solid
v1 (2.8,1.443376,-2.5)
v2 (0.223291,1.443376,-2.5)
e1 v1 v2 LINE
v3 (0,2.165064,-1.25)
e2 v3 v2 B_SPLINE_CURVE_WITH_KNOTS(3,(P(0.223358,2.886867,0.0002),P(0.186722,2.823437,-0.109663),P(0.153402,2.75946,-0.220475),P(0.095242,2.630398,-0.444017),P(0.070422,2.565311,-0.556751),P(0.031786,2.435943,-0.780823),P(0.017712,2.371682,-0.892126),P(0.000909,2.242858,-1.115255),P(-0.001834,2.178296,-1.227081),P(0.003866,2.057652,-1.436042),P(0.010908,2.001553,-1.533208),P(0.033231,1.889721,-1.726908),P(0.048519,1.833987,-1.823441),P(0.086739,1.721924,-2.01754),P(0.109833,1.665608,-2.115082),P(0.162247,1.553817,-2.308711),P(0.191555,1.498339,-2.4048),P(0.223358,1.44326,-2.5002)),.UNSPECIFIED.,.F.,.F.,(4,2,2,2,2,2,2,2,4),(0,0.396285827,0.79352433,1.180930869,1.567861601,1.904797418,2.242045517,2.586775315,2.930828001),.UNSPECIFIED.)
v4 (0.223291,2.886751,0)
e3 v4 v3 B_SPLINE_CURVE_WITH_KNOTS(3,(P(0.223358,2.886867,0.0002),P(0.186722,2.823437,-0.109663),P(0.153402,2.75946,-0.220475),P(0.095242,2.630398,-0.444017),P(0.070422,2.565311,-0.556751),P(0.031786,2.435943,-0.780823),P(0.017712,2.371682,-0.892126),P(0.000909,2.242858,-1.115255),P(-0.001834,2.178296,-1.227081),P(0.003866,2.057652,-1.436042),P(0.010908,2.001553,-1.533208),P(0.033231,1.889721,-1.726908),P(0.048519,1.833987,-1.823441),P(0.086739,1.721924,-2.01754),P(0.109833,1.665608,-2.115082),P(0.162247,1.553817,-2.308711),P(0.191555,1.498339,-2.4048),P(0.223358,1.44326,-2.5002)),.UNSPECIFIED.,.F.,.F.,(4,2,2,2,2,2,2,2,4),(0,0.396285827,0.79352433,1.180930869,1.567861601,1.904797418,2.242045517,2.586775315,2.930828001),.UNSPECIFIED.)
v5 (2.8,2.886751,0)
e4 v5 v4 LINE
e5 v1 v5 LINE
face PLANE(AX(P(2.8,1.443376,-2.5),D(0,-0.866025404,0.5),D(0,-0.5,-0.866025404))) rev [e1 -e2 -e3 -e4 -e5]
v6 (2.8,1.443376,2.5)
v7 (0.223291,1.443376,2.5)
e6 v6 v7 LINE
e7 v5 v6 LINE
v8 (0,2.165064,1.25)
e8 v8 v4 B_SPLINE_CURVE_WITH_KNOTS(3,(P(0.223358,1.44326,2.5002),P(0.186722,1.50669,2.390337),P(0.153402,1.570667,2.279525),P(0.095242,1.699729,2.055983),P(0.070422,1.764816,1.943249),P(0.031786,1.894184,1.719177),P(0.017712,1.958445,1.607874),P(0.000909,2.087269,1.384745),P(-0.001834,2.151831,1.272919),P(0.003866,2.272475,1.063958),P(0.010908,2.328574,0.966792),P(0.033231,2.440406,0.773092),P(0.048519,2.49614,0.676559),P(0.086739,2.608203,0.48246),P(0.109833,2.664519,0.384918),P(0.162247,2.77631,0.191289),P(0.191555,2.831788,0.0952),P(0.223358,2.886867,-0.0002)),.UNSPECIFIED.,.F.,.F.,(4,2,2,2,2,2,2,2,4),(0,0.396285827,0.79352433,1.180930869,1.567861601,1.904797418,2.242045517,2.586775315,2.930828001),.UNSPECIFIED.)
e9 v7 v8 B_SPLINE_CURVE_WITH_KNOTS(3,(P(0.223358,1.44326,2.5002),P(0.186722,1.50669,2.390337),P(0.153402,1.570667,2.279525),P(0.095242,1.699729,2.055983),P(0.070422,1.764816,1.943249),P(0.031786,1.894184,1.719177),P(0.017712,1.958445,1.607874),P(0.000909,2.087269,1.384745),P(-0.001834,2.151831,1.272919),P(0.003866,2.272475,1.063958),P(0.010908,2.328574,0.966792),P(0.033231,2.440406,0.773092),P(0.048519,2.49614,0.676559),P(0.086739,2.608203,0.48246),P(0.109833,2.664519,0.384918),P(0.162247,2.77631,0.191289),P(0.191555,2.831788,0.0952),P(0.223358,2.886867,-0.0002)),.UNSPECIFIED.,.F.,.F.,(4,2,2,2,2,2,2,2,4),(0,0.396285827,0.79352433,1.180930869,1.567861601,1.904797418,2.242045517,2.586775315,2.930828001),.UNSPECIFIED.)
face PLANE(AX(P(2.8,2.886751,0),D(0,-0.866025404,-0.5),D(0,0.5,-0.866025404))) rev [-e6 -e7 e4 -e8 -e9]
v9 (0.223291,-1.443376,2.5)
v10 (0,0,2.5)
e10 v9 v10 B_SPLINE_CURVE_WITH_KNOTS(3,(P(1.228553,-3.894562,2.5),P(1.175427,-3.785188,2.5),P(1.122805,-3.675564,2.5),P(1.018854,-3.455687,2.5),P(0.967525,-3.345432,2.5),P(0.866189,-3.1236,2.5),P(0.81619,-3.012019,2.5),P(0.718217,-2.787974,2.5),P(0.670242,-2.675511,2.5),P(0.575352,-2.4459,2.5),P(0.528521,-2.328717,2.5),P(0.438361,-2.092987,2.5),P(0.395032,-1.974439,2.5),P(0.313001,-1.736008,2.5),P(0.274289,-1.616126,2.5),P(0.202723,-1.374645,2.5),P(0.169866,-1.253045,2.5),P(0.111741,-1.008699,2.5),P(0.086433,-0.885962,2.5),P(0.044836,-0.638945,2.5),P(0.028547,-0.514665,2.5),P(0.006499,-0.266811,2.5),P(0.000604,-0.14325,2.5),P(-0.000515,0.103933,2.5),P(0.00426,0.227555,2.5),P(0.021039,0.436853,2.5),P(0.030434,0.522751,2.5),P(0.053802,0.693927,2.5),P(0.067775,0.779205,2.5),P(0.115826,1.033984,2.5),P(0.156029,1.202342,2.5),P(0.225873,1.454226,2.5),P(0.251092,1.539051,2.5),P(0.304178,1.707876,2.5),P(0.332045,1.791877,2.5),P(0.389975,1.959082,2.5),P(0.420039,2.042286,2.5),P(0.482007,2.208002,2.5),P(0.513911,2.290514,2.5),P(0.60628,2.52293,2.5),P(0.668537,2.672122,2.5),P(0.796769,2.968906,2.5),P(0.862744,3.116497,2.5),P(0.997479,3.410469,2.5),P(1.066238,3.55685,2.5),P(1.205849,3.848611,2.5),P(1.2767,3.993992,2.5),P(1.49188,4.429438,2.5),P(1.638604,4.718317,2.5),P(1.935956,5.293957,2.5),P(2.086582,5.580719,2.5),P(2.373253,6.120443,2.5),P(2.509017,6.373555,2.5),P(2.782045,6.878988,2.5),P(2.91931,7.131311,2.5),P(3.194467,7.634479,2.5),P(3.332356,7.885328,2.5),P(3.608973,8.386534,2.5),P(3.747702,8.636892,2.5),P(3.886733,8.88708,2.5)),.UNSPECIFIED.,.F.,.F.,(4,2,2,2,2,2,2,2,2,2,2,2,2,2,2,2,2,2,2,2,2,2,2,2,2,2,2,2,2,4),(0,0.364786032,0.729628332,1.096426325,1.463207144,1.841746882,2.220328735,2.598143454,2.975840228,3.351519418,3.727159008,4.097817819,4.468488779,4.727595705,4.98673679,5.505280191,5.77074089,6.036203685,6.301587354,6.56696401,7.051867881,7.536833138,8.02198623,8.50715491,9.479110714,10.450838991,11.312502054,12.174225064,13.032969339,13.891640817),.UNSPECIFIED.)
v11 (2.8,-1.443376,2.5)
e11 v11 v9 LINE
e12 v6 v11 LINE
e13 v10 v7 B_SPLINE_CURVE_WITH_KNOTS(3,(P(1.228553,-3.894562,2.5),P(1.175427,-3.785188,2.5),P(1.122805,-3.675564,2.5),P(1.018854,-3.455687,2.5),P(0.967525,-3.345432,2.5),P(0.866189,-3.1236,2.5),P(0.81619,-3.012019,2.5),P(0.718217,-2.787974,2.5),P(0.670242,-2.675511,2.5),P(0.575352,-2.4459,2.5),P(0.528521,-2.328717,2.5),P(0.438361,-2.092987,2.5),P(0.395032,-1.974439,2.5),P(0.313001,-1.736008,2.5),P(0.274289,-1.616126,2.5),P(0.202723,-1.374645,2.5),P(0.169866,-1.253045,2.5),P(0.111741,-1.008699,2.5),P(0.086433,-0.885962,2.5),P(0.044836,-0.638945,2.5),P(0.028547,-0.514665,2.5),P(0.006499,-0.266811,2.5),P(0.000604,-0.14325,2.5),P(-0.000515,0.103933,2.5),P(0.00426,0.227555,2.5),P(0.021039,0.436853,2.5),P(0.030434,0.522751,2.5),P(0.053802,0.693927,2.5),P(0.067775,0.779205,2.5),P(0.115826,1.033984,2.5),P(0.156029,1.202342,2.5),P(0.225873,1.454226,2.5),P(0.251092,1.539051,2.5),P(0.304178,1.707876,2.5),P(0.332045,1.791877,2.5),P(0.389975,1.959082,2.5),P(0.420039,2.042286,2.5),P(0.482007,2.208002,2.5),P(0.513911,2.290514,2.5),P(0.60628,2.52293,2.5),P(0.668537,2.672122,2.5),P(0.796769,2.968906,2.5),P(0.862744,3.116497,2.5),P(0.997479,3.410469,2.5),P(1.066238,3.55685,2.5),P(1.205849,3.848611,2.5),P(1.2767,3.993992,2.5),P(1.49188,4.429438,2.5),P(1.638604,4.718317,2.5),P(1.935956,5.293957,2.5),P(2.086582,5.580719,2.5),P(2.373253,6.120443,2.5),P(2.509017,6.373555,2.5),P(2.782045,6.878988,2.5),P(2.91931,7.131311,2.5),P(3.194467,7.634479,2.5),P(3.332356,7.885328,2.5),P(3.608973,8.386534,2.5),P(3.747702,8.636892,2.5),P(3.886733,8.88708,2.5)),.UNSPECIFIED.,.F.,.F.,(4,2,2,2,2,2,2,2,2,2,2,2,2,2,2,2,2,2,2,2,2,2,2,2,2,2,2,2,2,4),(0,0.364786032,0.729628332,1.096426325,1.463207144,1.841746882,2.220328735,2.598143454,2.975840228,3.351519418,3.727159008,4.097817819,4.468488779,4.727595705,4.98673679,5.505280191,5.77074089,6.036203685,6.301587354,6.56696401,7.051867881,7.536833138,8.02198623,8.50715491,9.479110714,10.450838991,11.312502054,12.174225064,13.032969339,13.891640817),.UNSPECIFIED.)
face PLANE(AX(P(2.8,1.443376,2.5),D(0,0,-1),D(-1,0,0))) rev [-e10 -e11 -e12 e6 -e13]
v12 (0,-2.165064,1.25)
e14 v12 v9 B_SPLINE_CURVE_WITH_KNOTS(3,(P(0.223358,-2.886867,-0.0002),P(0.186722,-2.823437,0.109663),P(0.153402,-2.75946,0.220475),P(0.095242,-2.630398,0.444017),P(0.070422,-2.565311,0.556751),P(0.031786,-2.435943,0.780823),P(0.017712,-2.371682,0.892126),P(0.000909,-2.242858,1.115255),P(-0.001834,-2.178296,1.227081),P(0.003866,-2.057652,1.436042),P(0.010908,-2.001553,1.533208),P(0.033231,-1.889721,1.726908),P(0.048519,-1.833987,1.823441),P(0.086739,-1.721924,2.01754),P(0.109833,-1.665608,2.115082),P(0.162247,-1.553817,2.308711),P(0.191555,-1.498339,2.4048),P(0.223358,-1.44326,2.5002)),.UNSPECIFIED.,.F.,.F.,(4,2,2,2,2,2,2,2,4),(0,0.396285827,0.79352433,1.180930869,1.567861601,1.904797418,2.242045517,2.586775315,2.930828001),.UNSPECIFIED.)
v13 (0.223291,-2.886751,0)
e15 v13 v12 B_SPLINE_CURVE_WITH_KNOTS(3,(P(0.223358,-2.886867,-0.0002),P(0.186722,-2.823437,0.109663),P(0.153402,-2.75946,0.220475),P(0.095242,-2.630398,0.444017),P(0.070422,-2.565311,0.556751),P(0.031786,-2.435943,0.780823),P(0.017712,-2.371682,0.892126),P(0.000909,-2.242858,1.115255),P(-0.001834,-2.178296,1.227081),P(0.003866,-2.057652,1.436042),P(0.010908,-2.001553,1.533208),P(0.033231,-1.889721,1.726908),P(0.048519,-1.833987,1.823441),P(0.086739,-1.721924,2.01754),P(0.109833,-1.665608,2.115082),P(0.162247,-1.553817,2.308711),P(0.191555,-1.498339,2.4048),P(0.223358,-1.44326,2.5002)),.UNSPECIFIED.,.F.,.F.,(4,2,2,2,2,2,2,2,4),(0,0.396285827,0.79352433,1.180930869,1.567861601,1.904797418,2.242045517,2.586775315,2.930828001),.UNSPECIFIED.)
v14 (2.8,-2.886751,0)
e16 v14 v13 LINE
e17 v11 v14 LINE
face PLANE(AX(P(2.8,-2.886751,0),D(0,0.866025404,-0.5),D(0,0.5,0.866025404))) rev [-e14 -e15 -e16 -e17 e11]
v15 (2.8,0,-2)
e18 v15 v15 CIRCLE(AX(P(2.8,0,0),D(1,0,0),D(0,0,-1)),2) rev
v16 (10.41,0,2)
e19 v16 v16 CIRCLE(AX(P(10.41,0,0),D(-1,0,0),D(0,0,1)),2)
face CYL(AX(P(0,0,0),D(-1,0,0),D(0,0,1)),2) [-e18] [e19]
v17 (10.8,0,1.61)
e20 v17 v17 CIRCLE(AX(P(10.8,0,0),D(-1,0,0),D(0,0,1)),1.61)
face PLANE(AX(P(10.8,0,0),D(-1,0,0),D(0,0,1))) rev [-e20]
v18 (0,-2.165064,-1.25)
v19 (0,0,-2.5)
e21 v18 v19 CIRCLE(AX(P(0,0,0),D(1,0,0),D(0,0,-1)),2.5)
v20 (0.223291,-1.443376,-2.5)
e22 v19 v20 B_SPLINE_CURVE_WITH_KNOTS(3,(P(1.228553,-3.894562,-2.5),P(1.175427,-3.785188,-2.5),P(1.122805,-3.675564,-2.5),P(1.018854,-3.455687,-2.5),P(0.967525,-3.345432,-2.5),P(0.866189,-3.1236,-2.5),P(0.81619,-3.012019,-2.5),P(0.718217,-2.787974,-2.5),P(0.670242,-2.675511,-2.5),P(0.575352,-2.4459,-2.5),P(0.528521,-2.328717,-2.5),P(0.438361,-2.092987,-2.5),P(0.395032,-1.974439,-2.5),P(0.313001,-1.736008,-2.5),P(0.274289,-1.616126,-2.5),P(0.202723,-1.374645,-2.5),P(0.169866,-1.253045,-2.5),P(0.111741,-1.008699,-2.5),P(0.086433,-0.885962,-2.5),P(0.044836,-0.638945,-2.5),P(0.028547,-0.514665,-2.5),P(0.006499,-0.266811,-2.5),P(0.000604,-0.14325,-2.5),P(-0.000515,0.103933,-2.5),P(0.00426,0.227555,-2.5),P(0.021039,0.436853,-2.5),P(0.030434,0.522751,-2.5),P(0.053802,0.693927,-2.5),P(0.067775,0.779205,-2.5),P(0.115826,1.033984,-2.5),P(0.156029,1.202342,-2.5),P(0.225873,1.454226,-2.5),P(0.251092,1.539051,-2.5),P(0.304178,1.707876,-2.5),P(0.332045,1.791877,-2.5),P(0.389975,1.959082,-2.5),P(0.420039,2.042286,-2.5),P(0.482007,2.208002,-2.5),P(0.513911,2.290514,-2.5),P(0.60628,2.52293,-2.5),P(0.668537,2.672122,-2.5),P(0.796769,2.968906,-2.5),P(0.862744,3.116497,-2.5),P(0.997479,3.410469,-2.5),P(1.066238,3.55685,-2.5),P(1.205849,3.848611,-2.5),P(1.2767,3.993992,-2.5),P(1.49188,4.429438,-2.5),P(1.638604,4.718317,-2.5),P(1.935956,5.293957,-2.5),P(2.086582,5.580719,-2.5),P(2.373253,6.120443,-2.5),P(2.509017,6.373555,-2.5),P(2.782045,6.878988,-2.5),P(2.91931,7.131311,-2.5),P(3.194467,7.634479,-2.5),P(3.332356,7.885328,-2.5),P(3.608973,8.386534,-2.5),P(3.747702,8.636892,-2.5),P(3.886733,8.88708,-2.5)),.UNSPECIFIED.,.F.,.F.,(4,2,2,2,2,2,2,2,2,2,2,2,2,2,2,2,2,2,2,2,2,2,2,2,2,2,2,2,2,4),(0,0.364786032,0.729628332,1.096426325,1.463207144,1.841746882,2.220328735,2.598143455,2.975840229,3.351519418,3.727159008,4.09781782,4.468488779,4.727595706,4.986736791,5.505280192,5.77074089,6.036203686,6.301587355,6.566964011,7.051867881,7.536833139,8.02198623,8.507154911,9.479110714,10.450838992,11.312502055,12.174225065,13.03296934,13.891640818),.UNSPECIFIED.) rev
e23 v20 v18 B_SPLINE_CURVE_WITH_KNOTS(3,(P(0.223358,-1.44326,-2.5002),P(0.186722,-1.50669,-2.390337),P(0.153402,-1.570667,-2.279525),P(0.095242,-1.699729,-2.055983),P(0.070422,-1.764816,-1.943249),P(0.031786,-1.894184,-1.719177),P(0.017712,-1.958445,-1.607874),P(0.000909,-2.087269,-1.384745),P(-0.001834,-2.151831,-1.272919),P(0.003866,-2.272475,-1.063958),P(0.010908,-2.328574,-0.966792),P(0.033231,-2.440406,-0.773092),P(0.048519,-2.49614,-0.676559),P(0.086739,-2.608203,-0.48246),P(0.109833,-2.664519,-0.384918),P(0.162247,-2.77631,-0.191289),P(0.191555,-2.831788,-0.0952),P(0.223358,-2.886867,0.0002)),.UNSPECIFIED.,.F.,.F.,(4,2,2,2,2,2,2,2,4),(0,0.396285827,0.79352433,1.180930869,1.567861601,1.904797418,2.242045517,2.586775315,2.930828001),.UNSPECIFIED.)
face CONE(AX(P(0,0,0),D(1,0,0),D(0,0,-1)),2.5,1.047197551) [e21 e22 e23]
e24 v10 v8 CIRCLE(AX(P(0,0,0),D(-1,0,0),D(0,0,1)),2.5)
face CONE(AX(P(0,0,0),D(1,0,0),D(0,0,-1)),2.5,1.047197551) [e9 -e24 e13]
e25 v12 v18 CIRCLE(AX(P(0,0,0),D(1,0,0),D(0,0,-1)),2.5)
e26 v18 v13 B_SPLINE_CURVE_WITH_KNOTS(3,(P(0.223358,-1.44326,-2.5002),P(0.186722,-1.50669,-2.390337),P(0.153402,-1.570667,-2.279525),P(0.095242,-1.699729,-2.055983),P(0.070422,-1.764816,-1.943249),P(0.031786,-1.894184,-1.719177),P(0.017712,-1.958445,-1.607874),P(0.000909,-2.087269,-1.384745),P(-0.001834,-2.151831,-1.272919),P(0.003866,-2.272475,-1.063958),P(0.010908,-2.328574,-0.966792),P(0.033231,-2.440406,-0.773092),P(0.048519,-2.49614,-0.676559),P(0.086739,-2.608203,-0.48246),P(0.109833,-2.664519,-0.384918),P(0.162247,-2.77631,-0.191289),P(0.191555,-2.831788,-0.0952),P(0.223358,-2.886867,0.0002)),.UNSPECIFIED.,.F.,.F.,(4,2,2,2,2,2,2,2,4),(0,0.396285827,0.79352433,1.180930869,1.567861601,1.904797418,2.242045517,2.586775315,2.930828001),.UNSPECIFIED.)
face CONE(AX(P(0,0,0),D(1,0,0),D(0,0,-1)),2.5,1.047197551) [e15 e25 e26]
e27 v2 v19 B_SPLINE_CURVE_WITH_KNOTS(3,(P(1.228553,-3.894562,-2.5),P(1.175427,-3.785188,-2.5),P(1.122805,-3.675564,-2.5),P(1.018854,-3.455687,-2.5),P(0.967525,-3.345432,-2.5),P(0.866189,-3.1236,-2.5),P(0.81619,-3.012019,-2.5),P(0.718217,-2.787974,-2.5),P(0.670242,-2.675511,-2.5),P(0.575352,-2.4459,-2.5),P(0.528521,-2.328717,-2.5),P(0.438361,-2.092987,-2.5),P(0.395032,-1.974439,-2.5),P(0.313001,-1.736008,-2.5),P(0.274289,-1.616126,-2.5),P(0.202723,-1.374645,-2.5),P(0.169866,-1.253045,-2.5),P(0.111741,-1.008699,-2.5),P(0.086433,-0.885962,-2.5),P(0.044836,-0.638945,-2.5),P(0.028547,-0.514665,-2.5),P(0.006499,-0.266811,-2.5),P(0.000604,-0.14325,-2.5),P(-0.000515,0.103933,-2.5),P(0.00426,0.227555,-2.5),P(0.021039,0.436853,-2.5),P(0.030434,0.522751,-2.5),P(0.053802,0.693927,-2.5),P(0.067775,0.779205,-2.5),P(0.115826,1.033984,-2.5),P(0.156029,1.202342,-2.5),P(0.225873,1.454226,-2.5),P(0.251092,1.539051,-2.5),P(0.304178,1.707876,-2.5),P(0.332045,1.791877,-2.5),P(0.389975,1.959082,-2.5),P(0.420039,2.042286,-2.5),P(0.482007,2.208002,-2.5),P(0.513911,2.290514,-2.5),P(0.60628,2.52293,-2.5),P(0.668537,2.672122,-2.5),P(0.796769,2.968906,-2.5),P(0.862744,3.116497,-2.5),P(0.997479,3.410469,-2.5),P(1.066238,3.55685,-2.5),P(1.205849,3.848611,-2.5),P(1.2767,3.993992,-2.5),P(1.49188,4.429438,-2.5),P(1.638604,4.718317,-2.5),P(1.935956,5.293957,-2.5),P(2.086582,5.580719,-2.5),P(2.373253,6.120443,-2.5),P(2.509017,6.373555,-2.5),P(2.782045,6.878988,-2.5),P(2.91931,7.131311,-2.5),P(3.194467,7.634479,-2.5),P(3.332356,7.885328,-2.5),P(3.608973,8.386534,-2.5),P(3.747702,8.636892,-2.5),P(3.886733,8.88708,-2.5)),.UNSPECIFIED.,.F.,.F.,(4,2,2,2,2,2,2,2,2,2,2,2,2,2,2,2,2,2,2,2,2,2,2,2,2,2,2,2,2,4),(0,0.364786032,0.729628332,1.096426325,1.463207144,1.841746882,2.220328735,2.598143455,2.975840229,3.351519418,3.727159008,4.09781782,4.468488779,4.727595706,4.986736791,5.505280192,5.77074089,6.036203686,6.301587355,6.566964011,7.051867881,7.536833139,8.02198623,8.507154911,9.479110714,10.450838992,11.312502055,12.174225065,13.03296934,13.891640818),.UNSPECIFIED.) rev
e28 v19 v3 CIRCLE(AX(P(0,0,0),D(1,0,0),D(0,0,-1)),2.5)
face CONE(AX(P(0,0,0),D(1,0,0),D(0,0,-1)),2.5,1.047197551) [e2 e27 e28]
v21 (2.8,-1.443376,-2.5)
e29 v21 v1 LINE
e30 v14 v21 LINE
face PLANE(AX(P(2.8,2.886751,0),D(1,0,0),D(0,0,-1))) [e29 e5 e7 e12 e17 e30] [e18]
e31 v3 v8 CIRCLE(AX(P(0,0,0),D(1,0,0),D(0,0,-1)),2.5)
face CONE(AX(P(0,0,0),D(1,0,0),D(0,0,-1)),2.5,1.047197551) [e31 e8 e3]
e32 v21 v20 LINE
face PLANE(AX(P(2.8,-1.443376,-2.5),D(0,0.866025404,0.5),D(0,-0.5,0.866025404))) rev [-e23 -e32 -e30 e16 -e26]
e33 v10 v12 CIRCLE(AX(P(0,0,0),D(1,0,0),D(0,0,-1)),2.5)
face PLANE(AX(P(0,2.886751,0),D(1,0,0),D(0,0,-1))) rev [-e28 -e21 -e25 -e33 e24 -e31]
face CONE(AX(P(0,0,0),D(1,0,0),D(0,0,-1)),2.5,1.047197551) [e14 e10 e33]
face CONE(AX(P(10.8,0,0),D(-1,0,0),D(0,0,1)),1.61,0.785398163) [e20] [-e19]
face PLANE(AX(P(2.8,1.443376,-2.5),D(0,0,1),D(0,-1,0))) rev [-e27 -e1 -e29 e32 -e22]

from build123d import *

# Parameters (mm, degrees)
BASEHEAD_DEPTH = 2.8


with BuildPart() as part:
    # Sketch1 → BaseHead (new body)
    with BuildSketch(Plane(origin=(0, 0, 0), x_dir=(0, 0, -1), z_dir=(1, 0, 0))):
        Polygon((2.5, 1.443375673), (2.5, -1.443375673), (0, -2.886751346), (-2.5, -1.443375673), (-2.5, 1.443375673), (0, 2.886751346), align=None)
    extrude(amount=BASEHEAD_DEPTH)

    # BodySke → BaseBody (revolve)
    with BuildSketch(Plane.XY, mode=Mode.PRIVATE) as basebody_sk:
        Polygon((0, 0), (10.8, 0), (10.8, 1.61), (10.41, 2), (0, 2), align=None)
    revolve(basebody_sk.sketch.rotate(Axis((0, 0, 0), (1, 0, 0)), 90), axis=Axis((0, 0, 0), (1, 0, 0)))

    # Sketch3 → HeadChamfer (revolve, cut)
    with BuildSketch(Plane.XY):
        Polygon((0, 2.5), (3.11004234, 7.886751346), (3.11004234, 12.886751346), (-10, 12.886751346), (-10, 2.5), align=None)
    revolve(axis=Axis((0, 0, 0), (1, 0, 0)), mode=Mode.SUBTRACT)


solid = part.part
